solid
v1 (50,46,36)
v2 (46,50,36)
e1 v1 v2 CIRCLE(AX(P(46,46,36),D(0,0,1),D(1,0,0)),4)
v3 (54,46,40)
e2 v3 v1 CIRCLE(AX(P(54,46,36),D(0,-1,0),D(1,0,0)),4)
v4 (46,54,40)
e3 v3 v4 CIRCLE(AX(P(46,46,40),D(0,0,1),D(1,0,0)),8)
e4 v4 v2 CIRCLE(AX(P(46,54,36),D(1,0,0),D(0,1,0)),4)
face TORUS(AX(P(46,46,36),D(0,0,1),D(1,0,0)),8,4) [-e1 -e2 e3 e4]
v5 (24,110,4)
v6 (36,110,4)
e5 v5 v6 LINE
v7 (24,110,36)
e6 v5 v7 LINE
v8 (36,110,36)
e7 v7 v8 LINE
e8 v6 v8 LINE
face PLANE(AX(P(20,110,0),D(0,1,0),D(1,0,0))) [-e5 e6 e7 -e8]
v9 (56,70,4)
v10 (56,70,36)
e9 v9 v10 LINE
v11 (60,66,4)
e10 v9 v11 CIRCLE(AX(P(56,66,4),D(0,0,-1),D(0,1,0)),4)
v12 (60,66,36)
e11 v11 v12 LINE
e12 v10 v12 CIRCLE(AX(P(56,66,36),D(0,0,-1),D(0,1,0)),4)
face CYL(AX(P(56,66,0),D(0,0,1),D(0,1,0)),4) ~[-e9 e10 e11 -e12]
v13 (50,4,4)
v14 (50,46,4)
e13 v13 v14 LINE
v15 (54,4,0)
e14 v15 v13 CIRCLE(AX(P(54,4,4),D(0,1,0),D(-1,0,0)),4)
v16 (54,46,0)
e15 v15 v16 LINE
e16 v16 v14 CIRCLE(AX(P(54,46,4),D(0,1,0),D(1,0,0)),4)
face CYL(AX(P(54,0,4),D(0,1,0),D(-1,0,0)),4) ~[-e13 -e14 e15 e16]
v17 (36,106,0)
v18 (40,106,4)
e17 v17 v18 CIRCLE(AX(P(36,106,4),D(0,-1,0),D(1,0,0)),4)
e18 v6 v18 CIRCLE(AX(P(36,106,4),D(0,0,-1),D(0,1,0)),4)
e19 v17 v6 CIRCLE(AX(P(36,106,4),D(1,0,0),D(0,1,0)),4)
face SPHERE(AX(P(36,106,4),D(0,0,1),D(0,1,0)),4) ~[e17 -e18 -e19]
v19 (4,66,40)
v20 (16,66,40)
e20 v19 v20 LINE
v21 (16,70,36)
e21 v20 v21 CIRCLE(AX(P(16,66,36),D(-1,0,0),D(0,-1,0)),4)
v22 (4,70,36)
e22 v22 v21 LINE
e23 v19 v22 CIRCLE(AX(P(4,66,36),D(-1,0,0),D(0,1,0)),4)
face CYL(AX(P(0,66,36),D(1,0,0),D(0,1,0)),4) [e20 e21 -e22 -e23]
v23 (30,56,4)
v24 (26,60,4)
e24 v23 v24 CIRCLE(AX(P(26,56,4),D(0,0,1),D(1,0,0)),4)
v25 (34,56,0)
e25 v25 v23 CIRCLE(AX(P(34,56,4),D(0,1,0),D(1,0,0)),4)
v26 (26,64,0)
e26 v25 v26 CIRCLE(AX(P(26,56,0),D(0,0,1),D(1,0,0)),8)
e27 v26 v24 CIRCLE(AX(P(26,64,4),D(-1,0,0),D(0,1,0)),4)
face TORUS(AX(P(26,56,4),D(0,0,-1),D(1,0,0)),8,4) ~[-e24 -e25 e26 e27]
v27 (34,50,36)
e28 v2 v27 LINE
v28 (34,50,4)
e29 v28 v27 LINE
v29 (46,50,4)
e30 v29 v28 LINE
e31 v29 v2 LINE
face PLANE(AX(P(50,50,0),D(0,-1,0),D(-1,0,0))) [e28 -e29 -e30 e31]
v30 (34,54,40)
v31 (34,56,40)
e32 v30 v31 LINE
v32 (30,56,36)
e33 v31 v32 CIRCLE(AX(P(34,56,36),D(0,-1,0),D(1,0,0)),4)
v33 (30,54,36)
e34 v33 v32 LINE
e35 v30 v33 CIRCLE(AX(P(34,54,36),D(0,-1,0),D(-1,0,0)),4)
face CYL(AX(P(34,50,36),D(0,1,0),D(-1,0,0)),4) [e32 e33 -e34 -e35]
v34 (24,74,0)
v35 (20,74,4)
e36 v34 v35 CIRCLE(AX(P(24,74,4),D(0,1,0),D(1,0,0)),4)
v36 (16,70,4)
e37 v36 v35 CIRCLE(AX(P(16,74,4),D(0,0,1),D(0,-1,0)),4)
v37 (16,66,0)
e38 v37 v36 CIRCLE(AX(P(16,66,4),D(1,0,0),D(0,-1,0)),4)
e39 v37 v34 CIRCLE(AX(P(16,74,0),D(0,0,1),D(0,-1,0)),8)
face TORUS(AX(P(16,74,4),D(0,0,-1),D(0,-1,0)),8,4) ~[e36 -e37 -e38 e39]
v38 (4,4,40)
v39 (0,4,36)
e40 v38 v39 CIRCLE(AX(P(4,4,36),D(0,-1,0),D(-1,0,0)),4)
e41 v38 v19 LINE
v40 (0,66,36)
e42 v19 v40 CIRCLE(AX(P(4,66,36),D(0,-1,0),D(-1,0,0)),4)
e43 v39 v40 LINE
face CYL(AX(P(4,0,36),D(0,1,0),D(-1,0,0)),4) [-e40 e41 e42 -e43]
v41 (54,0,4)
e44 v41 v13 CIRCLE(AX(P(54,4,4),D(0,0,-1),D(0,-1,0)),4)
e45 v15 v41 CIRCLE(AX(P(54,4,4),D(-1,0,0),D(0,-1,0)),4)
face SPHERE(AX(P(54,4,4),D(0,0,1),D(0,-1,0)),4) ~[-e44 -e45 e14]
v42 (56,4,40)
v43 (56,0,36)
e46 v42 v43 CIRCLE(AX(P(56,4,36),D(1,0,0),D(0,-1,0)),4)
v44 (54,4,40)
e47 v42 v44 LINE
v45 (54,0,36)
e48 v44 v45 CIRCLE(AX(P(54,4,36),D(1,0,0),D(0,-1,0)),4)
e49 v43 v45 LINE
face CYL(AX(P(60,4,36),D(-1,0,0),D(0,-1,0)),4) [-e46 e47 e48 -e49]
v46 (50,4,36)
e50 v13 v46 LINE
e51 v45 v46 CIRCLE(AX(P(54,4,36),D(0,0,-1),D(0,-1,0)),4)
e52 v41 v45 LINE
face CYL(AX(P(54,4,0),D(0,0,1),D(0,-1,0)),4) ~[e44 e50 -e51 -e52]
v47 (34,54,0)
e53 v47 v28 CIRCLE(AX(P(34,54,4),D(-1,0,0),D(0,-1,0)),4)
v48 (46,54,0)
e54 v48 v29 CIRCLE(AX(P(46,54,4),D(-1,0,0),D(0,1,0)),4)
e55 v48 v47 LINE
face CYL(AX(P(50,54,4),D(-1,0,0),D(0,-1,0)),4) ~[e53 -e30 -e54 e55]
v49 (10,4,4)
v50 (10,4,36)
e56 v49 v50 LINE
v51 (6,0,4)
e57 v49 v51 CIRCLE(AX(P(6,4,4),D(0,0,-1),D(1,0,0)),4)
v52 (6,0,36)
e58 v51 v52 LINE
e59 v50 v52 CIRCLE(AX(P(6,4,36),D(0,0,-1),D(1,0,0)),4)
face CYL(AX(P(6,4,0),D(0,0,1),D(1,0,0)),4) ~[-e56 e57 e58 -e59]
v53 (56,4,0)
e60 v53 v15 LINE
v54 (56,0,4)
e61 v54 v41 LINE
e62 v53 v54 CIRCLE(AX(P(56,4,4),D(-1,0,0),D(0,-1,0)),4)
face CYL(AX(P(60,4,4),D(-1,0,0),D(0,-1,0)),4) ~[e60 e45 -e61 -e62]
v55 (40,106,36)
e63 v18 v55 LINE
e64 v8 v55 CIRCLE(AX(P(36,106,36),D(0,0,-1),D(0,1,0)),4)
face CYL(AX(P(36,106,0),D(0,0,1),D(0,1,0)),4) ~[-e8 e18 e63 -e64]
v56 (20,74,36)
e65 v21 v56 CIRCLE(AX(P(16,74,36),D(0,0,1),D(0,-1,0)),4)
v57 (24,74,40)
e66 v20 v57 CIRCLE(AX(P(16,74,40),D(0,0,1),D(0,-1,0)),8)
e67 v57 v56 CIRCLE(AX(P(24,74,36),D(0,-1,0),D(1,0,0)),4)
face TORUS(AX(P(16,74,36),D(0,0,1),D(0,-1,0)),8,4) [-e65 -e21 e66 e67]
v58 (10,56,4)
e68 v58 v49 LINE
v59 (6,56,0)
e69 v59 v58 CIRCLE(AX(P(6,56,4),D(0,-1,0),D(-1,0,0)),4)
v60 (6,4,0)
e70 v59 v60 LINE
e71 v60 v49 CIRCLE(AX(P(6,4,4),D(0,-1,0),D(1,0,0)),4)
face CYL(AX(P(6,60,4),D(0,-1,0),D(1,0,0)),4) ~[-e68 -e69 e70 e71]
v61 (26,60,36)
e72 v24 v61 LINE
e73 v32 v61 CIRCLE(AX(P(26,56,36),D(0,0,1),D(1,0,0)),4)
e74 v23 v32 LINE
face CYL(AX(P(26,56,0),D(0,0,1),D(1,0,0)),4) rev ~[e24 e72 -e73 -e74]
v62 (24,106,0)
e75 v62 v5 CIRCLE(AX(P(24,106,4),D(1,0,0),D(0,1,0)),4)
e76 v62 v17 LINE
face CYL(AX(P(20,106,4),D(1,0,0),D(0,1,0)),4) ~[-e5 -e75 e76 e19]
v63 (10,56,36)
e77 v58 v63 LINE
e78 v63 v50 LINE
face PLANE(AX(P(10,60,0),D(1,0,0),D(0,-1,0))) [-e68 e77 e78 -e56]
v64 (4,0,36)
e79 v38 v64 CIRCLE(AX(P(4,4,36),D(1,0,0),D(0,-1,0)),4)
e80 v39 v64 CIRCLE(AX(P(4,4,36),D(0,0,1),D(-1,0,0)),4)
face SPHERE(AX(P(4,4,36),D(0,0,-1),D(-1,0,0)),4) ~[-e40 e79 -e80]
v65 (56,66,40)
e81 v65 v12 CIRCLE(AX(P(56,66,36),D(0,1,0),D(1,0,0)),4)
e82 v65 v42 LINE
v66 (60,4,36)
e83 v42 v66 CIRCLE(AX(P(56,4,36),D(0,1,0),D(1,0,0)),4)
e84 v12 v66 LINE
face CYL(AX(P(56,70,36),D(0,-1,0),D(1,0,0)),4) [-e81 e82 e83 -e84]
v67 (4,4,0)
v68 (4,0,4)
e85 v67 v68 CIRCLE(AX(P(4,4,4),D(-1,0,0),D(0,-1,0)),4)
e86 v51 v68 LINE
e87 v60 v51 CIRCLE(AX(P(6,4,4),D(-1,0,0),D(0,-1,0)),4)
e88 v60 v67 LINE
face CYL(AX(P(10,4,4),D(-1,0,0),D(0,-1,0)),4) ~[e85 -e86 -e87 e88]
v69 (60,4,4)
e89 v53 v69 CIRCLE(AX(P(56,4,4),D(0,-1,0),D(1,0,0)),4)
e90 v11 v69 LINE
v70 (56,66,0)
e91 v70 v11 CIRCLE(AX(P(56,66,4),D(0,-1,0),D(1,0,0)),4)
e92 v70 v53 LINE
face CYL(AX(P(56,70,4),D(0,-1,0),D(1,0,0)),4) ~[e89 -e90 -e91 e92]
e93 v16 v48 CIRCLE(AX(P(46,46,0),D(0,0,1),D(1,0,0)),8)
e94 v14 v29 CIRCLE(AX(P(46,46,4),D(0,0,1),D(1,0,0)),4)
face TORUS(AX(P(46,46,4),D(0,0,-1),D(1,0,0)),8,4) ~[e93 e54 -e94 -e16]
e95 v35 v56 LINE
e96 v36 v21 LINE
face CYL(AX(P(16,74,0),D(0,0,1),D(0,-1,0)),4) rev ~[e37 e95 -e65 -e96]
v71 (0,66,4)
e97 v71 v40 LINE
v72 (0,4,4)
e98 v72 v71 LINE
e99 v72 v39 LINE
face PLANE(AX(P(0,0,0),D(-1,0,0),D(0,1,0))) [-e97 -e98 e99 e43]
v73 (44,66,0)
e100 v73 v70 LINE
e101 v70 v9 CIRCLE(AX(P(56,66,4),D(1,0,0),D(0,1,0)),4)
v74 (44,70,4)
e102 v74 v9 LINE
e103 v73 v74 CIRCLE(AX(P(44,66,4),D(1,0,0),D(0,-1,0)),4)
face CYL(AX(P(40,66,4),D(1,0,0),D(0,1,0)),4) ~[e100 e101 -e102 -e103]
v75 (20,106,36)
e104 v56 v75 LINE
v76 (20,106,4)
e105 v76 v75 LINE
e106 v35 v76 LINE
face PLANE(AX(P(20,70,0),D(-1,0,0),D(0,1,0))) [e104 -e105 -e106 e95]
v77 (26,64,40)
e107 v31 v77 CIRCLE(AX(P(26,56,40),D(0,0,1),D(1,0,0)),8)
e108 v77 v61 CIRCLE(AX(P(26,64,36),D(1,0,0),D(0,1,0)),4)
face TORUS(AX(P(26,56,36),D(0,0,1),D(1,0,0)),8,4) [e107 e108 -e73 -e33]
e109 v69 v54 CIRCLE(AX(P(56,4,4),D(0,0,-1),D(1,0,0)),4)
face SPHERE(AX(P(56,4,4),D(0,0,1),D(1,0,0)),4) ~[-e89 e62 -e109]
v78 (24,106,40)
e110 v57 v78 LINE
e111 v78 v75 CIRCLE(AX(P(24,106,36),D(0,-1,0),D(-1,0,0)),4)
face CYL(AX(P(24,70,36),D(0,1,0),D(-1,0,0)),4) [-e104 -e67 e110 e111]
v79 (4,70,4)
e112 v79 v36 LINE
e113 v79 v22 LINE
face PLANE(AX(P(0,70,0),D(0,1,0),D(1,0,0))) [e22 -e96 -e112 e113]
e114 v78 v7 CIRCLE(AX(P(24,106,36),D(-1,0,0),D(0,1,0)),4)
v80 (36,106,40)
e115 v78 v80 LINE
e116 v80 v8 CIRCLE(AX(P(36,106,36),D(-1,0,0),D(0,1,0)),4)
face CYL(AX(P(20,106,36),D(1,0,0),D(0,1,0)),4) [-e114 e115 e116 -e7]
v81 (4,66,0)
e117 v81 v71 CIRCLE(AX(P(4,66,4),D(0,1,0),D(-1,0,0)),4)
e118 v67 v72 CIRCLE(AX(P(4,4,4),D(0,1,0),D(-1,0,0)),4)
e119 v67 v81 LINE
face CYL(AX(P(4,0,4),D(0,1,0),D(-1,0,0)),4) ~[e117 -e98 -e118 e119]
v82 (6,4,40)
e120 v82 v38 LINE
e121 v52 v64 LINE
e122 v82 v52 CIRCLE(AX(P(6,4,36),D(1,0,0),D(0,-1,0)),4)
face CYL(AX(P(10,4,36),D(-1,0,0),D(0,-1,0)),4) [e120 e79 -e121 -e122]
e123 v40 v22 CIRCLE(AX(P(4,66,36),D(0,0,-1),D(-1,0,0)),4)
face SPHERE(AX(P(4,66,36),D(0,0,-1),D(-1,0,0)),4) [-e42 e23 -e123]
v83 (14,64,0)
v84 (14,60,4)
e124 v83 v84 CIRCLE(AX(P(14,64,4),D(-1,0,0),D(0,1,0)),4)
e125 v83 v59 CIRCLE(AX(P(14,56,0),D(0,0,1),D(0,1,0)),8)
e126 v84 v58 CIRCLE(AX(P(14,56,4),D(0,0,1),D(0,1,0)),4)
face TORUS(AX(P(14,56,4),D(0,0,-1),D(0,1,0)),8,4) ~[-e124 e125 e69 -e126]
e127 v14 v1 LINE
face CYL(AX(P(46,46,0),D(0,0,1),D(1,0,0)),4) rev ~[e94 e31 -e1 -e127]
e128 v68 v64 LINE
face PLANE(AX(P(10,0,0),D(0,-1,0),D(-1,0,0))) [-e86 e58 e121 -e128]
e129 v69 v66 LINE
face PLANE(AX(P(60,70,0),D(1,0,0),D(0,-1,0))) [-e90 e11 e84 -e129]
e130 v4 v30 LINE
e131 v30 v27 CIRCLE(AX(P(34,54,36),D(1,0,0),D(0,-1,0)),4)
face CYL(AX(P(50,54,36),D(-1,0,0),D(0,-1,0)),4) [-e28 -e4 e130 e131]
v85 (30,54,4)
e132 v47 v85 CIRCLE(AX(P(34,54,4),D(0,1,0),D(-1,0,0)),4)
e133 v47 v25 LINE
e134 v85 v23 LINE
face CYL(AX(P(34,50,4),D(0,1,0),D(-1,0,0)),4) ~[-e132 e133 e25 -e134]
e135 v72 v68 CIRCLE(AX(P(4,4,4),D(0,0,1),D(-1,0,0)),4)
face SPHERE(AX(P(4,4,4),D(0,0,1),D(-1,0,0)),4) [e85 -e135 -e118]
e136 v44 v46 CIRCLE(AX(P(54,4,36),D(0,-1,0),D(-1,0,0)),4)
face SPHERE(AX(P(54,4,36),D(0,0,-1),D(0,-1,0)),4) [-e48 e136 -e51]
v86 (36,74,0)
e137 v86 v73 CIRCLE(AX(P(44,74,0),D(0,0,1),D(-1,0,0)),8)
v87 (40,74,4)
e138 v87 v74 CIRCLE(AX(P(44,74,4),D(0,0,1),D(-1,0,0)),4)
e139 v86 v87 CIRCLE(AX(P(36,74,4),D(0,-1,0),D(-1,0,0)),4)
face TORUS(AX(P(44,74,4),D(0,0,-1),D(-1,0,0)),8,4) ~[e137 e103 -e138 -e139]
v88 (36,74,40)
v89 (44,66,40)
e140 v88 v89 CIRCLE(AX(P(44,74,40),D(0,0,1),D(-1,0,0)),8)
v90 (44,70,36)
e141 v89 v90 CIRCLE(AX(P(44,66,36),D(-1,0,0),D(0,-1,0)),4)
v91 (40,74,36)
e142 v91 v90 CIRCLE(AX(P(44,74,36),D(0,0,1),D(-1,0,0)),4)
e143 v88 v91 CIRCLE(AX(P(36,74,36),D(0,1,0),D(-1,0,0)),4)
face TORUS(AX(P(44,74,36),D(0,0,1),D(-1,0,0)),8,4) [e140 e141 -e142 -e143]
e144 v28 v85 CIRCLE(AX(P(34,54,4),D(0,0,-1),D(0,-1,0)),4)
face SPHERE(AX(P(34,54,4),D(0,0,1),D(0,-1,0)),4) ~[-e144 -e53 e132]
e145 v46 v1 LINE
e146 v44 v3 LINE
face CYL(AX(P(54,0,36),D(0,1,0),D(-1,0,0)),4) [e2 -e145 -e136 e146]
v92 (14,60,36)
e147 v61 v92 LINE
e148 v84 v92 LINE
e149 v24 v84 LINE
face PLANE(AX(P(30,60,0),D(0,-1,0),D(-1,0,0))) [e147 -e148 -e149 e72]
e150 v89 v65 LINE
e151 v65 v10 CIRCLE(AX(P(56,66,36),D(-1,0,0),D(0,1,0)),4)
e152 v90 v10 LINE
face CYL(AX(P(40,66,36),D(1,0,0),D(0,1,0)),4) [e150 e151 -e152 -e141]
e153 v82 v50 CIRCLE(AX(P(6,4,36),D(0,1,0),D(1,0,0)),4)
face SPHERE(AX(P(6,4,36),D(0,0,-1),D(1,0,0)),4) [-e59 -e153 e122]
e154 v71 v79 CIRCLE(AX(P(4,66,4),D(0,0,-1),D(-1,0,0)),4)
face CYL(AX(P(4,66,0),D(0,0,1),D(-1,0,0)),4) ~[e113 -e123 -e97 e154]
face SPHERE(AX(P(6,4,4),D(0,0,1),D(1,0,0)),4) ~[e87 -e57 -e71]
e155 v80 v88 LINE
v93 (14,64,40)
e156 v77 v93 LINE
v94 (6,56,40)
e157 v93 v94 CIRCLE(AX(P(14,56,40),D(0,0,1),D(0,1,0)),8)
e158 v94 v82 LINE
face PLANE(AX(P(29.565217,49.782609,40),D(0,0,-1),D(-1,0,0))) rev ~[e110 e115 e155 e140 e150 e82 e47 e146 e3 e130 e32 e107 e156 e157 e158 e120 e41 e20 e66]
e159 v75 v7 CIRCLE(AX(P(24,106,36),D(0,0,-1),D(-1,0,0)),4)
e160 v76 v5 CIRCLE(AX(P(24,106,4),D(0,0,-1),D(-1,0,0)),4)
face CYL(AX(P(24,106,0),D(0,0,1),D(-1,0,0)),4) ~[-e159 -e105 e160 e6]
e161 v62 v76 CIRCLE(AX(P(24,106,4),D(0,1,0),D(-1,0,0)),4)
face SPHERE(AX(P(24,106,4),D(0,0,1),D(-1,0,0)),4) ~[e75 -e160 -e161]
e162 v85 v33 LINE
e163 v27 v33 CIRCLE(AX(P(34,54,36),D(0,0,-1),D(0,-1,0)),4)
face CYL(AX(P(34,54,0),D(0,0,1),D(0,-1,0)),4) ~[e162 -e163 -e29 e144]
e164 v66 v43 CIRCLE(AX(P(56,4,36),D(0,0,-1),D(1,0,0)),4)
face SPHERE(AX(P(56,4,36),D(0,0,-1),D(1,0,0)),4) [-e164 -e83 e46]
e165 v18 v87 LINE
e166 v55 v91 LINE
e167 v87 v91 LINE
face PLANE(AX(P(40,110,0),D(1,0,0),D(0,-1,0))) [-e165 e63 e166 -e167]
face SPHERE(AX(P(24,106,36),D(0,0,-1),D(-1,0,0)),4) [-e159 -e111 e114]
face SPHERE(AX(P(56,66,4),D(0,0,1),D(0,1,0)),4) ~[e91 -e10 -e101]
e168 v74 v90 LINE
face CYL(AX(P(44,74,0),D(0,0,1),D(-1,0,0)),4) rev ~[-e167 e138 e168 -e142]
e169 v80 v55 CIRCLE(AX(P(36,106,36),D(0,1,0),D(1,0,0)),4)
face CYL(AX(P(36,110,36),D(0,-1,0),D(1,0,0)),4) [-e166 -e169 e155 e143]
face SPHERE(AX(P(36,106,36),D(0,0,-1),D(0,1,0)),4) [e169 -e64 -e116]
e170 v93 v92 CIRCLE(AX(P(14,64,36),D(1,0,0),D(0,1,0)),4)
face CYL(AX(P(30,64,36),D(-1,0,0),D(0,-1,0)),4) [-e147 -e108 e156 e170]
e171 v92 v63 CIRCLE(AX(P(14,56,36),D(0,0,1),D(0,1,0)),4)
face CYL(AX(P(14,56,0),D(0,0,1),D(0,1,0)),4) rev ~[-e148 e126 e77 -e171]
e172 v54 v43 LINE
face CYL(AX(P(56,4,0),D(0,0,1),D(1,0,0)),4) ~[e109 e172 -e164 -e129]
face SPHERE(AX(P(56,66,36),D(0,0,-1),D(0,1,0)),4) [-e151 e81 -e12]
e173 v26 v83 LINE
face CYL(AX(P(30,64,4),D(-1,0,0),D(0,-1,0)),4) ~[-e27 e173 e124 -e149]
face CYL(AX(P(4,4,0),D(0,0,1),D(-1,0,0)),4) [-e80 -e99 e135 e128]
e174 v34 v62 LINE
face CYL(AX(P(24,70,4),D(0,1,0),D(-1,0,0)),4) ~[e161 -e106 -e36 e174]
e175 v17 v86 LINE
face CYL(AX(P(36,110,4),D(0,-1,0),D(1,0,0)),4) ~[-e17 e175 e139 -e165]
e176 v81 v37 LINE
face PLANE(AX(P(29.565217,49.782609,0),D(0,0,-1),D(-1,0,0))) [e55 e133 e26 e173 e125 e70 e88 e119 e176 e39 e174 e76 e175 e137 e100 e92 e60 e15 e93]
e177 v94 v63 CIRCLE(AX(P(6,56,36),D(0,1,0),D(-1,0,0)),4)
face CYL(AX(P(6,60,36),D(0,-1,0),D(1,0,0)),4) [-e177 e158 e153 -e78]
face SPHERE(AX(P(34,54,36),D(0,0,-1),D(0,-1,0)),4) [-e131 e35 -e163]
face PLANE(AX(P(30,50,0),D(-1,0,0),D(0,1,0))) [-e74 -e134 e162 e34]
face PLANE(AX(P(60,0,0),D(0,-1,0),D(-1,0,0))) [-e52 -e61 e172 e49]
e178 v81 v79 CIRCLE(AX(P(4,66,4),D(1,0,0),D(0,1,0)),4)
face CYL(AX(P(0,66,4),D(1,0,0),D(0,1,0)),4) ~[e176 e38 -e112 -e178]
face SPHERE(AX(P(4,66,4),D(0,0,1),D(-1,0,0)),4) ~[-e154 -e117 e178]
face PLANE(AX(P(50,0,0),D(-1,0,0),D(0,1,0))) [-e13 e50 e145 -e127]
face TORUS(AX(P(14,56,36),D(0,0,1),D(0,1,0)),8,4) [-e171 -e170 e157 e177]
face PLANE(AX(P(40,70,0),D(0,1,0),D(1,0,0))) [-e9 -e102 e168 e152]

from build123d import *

# Parameters (mm, degrees)
PAD_DEPTH = 40
FILLET_R  = 4


with BuildPart() as part:
    # Sketch (on XY_Plane of Origin) → Pad (new body)
    with BuildSketch(Plane.XY):
        Polygon((0, 0), (0, 70), (20, 70), (20, 110), (40, 110), (40, 70), (60, 70), (60, 0), (50, 0), (50, 50), (30, 50), (30, 60), (10, 60), (10, 0), align=None)
    extrude(amount=PAD_DEPTH)

    # Fillet
    fillet_edges = [part.edges().sort_by_distance(p)[0] for p in [
        (0, 0, 20),
        (0, 70, 20),
        (0, 35, 0),
        (0, 35, 40),
        (20, 70, 20),
        (10, 70, 0),
        (10, 70, 40),
        (20, 110, 20),
        (20, 90, 0),
        (20, 90, 40),
        (40, 110, 20),
        (30, 110, 0),
        (30, 110, 40),
        (40, 70, 20),
        (40, 90, 0),
        (40, 90, 40),
        (60, 70, 20),
        (50, 70, 0),
        (50, 70, 40),
        (60, 0, 20),
        (60, 35, 0),
        (60, 35, 40),
        (50, 0, 20),
        (55, 0, 0),
        (55, 0, 40),
        (50, 50, 20),
        (50, 25, 0),
        (50, 25, 40),
        (30, 50, 20),
        (40, 50, 0),
        (40, 50, 40),
        (30, 60, 20),
        (30, 55, 0),
        (30, 55, 40),
        (10, 60, 20),
        (20, 60, 0),
        (20, 60, 40),
        (10, 0, 20),
        (10, 30, 0),
        (10, 30, 40),
        (5, 0, 0),
        (5, 0, 40),
    ]]
    fillet(fillet_edges, radius=FILLET_R)


solid = part.part
